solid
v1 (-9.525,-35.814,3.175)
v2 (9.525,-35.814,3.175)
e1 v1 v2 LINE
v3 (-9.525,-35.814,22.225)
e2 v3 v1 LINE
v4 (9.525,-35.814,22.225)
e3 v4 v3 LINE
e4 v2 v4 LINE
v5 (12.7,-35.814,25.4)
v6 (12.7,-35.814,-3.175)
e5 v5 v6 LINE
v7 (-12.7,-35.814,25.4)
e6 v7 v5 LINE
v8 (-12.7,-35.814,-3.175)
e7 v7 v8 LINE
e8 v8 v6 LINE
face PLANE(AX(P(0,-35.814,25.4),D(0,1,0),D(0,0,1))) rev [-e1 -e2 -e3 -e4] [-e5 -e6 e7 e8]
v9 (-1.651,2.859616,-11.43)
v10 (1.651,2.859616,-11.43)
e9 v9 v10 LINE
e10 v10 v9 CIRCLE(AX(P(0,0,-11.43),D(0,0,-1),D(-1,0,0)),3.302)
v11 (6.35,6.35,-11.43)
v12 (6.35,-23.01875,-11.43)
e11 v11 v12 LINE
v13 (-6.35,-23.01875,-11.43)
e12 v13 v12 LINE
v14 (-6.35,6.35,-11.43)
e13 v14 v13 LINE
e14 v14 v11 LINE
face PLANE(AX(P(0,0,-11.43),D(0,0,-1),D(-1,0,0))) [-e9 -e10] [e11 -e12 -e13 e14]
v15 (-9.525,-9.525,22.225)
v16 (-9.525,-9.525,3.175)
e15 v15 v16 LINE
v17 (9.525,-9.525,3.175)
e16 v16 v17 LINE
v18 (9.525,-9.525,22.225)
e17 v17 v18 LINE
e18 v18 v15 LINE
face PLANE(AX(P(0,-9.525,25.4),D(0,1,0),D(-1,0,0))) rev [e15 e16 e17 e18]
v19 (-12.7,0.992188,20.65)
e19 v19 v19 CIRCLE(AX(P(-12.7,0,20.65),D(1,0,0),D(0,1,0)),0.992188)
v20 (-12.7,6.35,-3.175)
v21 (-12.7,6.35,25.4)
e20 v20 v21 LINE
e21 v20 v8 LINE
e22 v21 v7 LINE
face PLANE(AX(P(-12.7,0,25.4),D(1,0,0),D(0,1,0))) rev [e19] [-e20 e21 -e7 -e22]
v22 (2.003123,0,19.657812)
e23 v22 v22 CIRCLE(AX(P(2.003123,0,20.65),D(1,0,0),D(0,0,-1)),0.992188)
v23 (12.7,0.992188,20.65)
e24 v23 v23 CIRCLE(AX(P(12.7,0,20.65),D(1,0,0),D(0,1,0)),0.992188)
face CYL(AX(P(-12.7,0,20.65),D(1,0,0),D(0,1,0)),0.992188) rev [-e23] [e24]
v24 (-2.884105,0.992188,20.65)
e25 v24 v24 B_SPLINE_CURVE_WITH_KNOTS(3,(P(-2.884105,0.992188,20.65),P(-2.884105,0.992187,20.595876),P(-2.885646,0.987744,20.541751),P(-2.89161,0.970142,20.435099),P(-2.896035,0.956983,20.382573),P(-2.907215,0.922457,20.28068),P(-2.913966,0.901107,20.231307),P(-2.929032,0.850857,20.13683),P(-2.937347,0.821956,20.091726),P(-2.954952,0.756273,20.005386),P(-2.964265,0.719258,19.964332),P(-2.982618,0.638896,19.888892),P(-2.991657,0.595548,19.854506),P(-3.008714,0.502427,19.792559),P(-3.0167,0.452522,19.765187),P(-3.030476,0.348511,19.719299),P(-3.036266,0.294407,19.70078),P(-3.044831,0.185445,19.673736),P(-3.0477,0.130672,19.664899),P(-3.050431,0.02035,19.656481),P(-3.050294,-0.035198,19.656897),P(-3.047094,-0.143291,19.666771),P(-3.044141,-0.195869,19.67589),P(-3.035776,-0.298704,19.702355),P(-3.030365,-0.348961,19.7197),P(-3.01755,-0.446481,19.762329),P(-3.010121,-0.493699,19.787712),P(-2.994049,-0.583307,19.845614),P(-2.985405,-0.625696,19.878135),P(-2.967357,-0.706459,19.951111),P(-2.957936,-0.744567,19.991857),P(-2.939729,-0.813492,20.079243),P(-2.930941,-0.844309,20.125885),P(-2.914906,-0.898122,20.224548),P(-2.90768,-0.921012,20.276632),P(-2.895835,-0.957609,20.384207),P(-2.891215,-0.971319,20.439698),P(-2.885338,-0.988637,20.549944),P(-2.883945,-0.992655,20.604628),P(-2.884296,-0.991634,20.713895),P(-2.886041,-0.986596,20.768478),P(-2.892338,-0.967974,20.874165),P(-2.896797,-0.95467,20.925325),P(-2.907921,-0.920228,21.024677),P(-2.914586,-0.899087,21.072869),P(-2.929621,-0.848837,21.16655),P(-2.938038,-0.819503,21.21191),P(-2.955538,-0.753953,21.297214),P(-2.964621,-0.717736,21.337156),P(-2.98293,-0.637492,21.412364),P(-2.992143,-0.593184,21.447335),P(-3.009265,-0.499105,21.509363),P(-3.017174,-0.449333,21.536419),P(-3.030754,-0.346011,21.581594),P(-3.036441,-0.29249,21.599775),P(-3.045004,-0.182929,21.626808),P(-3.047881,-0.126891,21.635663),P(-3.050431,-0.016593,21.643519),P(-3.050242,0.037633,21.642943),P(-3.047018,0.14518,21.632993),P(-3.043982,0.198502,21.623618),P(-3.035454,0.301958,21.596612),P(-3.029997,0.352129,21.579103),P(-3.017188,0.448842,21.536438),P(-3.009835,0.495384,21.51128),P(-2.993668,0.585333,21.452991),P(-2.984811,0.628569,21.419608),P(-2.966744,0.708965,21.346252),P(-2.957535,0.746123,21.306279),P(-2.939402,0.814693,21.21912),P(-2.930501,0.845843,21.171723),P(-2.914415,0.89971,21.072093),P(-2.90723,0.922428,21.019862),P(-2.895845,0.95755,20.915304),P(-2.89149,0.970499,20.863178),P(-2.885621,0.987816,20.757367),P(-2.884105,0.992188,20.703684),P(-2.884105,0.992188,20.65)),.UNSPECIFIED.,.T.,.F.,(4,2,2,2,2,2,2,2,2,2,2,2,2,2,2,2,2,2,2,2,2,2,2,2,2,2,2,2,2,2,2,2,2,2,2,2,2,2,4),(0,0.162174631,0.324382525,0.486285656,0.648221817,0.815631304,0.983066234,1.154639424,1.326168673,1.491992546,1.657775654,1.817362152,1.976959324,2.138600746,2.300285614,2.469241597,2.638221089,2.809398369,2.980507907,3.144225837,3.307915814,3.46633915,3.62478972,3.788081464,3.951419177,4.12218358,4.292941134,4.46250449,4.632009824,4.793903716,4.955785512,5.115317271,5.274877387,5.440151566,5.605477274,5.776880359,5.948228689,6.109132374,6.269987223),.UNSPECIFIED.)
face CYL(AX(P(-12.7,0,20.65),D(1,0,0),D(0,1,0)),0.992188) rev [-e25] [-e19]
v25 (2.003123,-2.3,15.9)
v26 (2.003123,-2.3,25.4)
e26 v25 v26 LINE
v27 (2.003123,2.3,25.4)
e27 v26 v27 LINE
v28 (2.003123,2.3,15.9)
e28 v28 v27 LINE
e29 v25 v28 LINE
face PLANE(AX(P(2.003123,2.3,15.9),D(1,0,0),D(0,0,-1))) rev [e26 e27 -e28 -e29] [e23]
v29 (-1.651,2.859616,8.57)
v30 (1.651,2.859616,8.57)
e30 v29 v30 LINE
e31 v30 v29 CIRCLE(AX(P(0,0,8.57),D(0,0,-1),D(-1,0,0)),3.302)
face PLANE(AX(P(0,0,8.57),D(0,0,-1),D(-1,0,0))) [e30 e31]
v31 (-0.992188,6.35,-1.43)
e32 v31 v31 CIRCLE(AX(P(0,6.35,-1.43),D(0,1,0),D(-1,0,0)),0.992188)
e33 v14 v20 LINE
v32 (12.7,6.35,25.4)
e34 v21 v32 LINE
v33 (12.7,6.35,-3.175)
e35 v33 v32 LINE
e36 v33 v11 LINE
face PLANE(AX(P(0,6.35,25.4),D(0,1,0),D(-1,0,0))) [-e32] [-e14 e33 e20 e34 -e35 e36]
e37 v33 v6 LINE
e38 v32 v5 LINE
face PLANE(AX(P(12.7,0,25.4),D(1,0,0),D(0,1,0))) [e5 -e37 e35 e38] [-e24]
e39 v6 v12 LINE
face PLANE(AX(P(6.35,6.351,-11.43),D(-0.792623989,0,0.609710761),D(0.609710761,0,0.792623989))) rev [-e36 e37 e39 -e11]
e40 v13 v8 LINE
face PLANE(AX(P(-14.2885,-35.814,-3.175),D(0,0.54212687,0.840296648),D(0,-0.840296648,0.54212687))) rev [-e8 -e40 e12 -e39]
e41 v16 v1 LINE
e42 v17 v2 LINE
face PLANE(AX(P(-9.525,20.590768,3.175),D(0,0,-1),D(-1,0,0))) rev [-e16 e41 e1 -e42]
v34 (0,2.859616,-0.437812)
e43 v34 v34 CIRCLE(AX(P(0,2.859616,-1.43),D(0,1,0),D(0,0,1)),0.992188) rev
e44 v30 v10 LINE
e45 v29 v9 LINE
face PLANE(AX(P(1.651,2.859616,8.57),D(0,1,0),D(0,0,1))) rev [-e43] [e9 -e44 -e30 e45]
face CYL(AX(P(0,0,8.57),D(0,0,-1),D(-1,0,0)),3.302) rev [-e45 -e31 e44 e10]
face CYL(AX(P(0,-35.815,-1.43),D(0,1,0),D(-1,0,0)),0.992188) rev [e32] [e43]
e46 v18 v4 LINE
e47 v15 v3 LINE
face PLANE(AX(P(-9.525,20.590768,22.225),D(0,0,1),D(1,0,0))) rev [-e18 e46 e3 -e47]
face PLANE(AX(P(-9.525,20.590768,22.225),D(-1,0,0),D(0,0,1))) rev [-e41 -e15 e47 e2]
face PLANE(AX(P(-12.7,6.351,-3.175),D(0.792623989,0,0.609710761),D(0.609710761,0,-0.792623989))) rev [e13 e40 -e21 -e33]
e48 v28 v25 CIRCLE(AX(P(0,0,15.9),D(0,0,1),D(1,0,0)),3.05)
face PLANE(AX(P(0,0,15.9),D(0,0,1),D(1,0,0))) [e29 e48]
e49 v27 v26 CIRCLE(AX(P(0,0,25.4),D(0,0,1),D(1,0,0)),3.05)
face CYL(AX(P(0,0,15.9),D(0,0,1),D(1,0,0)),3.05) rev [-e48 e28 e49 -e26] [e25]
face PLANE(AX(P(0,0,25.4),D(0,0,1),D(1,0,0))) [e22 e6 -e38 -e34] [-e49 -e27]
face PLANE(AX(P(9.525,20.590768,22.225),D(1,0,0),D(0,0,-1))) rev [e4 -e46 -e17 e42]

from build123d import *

# Parameters (mm, degrees)
BOSS_EXTRUDE1_DEPTH = 25.4
CUT_EXTRUDE1_DEPTH  = 9.5
SKETCH5_W           = 25.4
SKETCH5_H           = 42.164
BOSS_EXTRUDE2_DEPTH = 11.43
CUT_EXTRUDE2_REACH  = 53.538
CUT_EXTRUDE3_REACH  = 53.255
CUT_EXTRUDE4_DEPTH  = 20
SKETCH10_W          = 19.05
SKETCH10_H          = 19.05
CUT_EXTRUDE5_DEPTH  = 26.289
CUT_EXTRUDE6_REACH  = 55.322
SKETCH11_W          = 1.5875
SKETCH11_H          = 12.7
SKETCH12_R          = 0.9921875
CUT_EXTRUDE7_DEPTH  = 51.724378715
CUT_EXTRUDE8_REACH  = 52.836
SKETCH13_R          = 0.9921875


with BuildPart() as part:
    # Sketch2 → Boss-Extrude1 (new body)
    with BuildSketch(Plane.XY):
        Polygon((12.7, -6.35), (14.2875, -6.35), (14.2875, 6.35), (-14.2875, 6.35), (-14.2875, -6.35), (-12.7, -6.35), (-12.7, -35.814), (12.7, -35.814), align=None)
    extrude(amount=BOSS_EXTRUDE1_DEPTH)

    # Sketch3 → Cut-Extrude1 (cut)
    with BuildSketch(Plane.XY.offset(25.4)):
        with BuildLine():
            Line((2.003122562, 2.3), (2.003122562, -2.3))
            ThreePointArc((2.003122562, -2.3), (-3.05, 0), (2.003122562, 2.3))
        make_face()
    extrude(amount=-CUT_EXTRUDE1_DEPTH, mode=Mode.SUBTRACT)

    # Sketch5 → Boss-Extrude2 (add)
    with BuildSketch(Plane(origin=(0, 0, 0), x_dir=(-1, 0, 0), z_dir=(0, 0, -1))):
        with Locations((0, -14.732)):
            Rectangle(SKETCH5_W, SKETCH5_H)
    extrude(amount=BOSS_EXTRUDE2_DEPTH)

    # Sketch6 → Cut-Extrude2 (cut, up to next)
    with BuildSketch(Plane(origin=(12.7, 0, 0), x_dir=(0, 0, -1), z_dir=(1, 0, 0)), mode=Mode.PRIVATE) as cut_extrude2_sk1:
        Polygon((3.175, -35.814), (11.43, -23.01875), (11.43, -35.814), align=None)
    cut_extrude2_tool1 = extrude(cut_extrude2_sk1.sketch, amount=-CUT_EXTRUDE2_REACH, mode=Mode.PRIVATE) & part.part
    add(cut_extrude2_tool1.solids().sort_by_distance((12.7, -31.548917, -8.678333))[0], mode=Mode.SUBTRACT)

    # Sketch7 → Cut-Extrude3 (cut, up to next)
    with BuildSketch(Plane.XZ.offset(35.814), mode=Mode.PRIVATE) as cut_extrude3_sk1:
        Polygon((-12.7, -11.43), (-12.7, -3.175), (-6.35, -11.43), align=None)
    cut_extrude3_tool1 = extrude(cut_extrude3_sk1.sketch, amount=-CUT_EXTRUDE3_REACH, mode=Mode.PRIVATE) & part.part
    # Sketch7 → Cut-Extrude3 (cut, up to next)
    with BuildSketch(Plane.XZ.offset(35.814), mode=Mode.PRIVATE) as cut_extrude3_sk2:
        Polygon((6.35, -11.43), (12.7, -3.175), (12.7, -11.43), align=None)
    cut_extrude3_tool2 = extrude(cut_extrude3_sk2.sketch, amount=-CUT_EXTRUDE3_REACH, mode=Mode.PRIVATE) & part.part
    add(cut_extrude3_tool1.solids().sort_by_distance((-10.583333, -35.814, -8.678333))[0], mode=Mode.SUBTRACT)
    add(cut_extrude3_tool2.solids().sort_by_distance((10.583333, -35.814, -8.678333))[0], mode=Mode.SUBTRACT)

    # Sketch8 → Cut-Extrude4 (cut)
    with BuildSketch(Plane(origin=(0, 0, -11.43), x_dir=(-1, 0, 0), z_dir=(0, 0, -1))):
        with BuildLine():
            Line((-1.651, 2.859615883), (1.651, 2.859615883))
            ThreePointArc((1.651, 2.859615883), (0, -3.302), (-1.651, 2.859615883))
        make_face()
    extrude(amount=-CUT_EXTRUDE4_DEPTH, mode=Mode.SUBTRACT)

    # Sketch10 → Cut-Extrude5 (cut)
    with BuildSketch(Plane.XZ.offset(35.814)):
        with Locations((0, 12.7)):
            Rectangle(SKETCH10_W, SKETCH10_H)
    extrude(amount=-CUT_EXTRUDE5_DEPTH, mode=Mode.SUBTRACT)

    # Sketch11 → Cut-Extrude6 (cut, up to next)
    with BuildSketch(Plane.XY.offset(25.4), mode=Mode.PRIVATE) as cut_extrude6_sk1:
        with Locations((-13.49375, 0)):
            Rectangle(SKETCH11_W, SKETCH11_H)
    cut_extrude6_tool1 = extrude(cut_extrude6_sk1.sketch, amount=-CUT_EXTRUDE6_REACH, mode=Mode.PRIVATE) & part.part
    # Sketch11 → Cut-Extrude6 (cut, up to next)
    with BuildSketch(Plane.XY.offset(25.4), mode=Mode.PRIVATE) as cut_extrude6_sk2:
        with Locations((13.49375, 0)):
            Rectangle(SKETCH11_W, SKETCH11_H)
    cut_extrude6_tool2 = extrude(cut_extrude6_sk2.sketch, amount=-CUT_EXTRUDE6_REACH, mode=Mode.PRIVATE) & part.part
    add(cut_extrude6_tool1.solids().sort_by_distance((-13.49375, 0, 25.4))[0], mode=Mode.SUBTRACT)
    add(cut_extrude6_tool2.solids().sort_by_distance((13.49375, 0, 25.4))[0], mode=Mode.SUBTRACT)

    # Sketch12 → Cut-Extrude7 (cut, through all)
    with BuildSketch(Plane(origin=(12.7, 0, 0), x_dir=(0, 0, -1), z_dir=(1, 0, 0))):
        with Locations(Location((-20.65, 0, 0), (0, 0, 90))):
            Circle(SKETCH12_R)
    extrude(amount=-CUT_EXTRUDE7_DEPTH, mode=Mode.SUBTRACT)

    # Sketch13 → Cut-Extrude8 (cut, up to next)
    with BuildSketch(Plane(origin=(0, 6.35, 0), x_dir=(1, 0, 0), z_dir=(0, 1, 0)), mode=Mode.PRIVATE) as cut_extrude8_sk1:
        with Locations(Location((0, 1.43, 0), (0, 0, 180))):
            Circle(SKETCH13_R)
    cut_extrude8_tool1 = extrude(cut_extrude8_sk1.sketch, amount=-CUT_EXTRUDE8_REACH, mode=Mode.PRIVATE) & part.part
    add(cut_extrude8_tool1.solids().sort_by_distance((0, 6.35, -1.43))[0], mode=Mode.SUBTRACT)


solid = part.part
